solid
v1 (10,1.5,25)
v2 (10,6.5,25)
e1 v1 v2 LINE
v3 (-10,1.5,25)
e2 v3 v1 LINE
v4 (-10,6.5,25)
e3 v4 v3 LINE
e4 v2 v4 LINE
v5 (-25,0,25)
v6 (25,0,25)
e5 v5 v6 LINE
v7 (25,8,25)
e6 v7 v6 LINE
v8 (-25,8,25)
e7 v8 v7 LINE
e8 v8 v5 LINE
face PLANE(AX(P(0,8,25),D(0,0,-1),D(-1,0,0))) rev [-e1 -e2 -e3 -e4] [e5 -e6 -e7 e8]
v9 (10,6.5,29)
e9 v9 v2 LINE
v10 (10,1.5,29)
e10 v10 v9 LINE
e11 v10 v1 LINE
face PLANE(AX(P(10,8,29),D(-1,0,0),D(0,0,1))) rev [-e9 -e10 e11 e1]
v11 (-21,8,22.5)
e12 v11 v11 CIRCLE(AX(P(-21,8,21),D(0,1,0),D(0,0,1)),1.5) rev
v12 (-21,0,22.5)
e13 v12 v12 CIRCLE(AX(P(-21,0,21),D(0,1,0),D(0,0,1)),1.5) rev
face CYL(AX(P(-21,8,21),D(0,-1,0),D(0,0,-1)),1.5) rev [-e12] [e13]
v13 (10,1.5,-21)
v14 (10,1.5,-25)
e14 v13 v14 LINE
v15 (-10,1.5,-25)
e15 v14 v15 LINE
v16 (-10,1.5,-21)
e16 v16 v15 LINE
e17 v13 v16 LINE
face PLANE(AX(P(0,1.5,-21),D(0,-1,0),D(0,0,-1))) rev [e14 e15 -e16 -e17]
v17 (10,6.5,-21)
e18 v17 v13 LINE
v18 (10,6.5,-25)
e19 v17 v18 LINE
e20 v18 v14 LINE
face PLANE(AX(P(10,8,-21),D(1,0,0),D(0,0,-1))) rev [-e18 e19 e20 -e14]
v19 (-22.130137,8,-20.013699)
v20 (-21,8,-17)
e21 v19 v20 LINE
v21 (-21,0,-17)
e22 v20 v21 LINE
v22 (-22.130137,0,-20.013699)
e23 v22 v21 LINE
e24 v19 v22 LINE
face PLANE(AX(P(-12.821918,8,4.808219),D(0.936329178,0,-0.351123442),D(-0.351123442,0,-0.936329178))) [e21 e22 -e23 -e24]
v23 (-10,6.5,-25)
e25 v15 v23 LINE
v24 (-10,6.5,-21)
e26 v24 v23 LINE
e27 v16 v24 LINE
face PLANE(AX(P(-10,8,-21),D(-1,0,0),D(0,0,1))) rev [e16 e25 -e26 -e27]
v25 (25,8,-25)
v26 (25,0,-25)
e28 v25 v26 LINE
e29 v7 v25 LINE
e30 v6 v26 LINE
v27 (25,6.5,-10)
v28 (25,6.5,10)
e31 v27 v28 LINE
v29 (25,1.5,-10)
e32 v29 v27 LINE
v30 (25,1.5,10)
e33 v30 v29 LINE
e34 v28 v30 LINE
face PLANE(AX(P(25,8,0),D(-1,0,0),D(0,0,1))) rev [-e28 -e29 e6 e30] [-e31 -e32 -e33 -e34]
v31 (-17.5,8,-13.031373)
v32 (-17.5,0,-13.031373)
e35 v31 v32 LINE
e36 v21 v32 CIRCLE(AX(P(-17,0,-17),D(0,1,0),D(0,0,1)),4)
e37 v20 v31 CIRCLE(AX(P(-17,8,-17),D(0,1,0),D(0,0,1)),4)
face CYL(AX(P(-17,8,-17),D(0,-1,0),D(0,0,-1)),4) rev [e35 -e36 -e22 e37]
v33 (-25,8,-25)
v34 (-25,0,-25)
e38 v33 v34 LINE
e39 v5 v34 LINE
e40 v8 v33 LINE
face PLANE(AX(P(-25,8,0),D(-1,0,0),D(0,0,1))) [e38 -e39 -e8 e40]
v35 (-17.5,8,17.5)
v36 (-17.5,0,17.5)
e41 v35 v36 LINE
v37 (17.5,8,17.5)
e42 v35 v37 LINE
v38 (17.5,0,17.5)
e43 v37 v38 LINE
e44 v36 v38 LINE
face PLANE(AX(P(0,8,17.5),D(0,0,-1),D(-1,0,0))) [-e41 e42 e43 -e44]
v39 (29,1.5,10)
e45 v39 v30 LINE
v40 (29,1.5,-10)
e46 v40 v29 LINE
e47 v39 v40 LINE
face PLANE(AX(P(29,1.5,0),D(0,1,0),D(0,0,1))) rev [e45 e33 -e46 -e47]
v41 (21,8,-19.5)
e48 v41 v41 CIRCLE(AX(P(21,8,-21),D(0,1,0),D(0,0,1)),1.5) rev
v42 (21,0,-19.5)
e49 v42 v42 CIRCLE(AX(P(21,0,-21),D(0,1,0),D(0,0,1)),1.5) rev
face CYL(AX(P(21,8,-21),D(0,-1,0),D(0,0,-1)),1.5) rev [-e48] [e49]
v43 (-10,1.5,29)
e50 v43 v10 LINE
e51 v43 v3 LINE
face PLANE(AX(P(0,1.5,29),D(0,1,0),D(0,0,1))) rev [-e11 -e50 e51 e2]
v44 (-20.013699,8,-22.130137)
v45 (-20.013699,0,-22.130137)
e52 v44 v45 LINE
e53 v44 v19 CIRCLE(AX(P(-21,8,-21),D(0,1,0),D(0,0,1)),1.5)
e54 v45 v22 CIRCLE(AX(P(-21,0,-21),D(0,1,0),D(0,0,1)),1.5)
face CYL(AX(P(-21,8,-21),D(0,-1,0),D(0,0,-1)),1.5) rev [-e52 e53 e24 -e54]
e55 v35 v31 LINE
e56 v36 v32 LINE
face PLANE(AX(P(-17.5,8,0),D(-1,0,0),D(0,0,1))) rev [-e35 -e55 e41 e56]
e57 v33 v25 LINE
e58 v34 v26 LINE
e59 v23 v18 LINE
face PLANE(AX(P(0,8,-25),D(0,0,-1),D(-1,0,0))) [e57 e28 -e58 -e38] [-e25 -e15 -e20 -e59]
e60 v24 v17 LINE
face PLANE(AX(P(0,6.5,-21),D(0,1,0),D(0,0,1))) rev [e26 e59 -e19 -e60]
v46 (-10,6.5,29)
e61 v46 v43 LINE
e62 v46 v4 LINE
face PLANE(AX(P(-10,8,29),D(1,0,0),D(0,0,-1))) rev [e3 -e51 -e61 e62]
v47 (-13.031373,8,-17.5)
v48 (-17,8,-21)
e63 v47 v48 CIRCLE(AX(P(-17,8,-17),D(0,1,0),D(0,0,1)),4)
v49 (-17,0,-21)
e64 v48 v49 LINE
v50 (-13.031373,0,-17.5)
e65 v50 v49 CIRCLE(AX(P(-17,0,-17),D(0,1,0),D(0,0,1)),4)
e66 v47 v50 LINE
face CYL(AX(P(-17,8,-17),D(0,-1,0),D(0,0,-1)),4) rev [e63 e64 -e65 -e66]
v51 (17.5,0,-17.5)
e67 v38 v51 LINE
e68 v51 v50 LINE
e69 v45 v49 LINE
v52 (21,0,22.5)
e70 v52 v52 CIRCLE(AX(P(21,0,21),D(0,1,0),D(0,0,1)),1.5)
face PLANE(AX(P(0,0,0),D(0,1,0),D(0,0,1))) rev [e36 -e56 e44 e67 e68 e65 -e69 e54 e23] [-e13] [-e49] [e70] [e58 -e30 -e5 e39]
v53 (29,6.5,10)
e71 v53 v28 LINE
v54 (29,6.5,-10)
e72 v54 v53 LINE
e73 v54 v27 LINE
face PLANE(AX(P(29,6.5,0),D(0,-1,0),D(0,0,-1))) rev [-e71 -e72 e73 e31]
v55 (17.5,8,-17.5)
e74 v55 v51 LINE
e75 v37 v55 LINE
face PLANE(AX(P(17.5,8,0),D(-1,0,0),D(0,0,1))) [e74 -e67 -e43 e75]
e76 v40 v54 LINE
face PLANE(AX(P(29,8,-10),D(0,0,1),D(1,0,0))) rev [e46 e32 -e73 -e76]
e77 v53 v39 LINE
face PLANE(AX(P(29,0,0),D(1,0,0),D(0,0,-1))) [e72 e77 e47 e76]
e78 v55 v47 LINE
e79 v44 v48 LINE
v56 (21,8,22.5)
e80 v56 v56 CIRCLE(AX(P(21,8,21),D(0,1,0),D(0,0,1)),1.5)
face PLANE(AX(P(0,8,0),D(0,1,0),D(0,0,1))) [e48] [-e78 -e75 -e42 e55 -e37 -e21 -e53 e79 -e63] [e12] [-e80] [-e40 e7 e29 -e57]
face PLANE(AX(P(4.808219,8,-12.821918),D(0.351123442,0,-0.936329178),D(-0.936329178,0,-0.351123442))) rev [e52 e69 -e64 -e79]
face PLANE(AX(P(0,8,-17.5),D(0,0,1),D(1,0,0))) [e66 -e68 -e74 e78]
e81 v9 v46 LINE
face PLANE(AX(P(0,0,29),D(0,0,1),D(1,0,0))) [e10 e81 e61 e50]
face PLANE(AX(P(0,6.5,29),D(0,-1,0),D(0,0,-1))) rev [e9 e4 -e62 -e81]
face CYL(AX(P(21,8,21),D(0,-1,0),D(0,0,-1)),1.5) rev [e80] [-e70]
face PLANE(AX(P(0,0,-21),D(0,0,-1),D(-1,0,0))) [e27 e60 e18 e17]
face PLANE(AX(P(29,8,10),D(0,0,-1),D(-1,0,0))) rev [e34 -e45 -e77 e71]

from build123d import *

# Parameters (mm, degrees)
SKETCH1_W         = 50
SKETCH1_H         = 50
SKETCH1_R         = 1.5
SUPPORT_DEPTH     = 8
NORTH_START       = -25
SKETCH2_W         = 20
SKETCH2_H         = 5
NORTH_CUT_DEPTH   = 4
SOUTH_START       = 25
SKETCH2_2_W       = 20
SKETCH2_2_H       = 5
SOUTH_DOWEL_DEPTH = 4
WEST_START        = 25
SKETCH3_W         = 20
SKETCH3_H         = 5
WEST_DOWEL_DEPTH  = 4


with BuildPart() as part:
    # Sketch1 → Support (new body)
    with BuildSketch(Plane(origin=(0, 0, 0), x_dir=(1, 0, 0), z_dir=(0, 1, 0))):
        Rectangle(SKETCH1_W, SKETCH1_H)
        with Locations(Location((-21, -21, 0), (0, 0, 270))):
            Circle(SKETCH1_R, mode=Mode.SUBTRACT)
        with Locations(Location((21, -21, 0), (0, 0, 270))):
            Circle(SKETCH1_R, mode=Mode.SUBTRACT)
        with BuildLine():
            Line((-13.031373033, 17.5), (17.5, 17.5))
            Line((17.5, 17.5), (17.5, -17.5))
            Line((17.5, -17.5), (-17.5, -17.5))
            Line((-17.5, -17.5), (-17.5, 13.031373033))
            ThreePointArc((-17.5, 13.031373033), (-20, 14.354248689), (-21, 17))
            Line((-21, 17), (-22.130136986, 20.01369863))
            ThreePointArc((-22.130136986, 20.01369863), (-22.060660172, 22.060660172), (-20.01369863, 22.130136986))
            Line((-20.01369863, 22.130136986), (-17, 21))
            ThreePointArc((-17, 21), (-14.354248689, 20), (-13.031373033, 17.5))
        make_face(mode=Mode.SUBTRACT)
        with Locations(Location((21, 21, 0), (0, 0, 270))):
            Circle(SKETCH1_R, mode=Mode.SUBTRACT)
    extrude(amount=SUPPORT_DEPTH)

    # Sketch2 → North Cut (cut)
    with BuildSketch(Plane.XY.offset(NORTH_START)):
        with Locations((0, 4)):
            Rectangle(SKETCH2_W, SKETCH2_H)
    extrude(amount=NORTH_CUT_DEPTH, mode=Mode.SUBTRACT)

    # Sketch2<2> → South Dowel (add)
    with BuildSketch(Plane.XY.offset(SOUTH_START)):
        with Locations((0, 4)):
            Rectangle(SKETCH2_2_W, SKETCH2_2_H)
    extrude(amount=SOUTH_DOWEL_DEPTH)

    # Sketch3 → West Dowel (add)
    with BuildSketch(Plane(origin=(0, 0, 0), x_dir=(0, 0, -1), z_dir=(1, 0, 0)).offset(WEST_START)):
        with Locations((0, 4)):
            Rectangle(SKETCH3_W, SKETCH3_H)
    extrude(amount=WEST_DOWEL_DEPTH)


solid = part.part
